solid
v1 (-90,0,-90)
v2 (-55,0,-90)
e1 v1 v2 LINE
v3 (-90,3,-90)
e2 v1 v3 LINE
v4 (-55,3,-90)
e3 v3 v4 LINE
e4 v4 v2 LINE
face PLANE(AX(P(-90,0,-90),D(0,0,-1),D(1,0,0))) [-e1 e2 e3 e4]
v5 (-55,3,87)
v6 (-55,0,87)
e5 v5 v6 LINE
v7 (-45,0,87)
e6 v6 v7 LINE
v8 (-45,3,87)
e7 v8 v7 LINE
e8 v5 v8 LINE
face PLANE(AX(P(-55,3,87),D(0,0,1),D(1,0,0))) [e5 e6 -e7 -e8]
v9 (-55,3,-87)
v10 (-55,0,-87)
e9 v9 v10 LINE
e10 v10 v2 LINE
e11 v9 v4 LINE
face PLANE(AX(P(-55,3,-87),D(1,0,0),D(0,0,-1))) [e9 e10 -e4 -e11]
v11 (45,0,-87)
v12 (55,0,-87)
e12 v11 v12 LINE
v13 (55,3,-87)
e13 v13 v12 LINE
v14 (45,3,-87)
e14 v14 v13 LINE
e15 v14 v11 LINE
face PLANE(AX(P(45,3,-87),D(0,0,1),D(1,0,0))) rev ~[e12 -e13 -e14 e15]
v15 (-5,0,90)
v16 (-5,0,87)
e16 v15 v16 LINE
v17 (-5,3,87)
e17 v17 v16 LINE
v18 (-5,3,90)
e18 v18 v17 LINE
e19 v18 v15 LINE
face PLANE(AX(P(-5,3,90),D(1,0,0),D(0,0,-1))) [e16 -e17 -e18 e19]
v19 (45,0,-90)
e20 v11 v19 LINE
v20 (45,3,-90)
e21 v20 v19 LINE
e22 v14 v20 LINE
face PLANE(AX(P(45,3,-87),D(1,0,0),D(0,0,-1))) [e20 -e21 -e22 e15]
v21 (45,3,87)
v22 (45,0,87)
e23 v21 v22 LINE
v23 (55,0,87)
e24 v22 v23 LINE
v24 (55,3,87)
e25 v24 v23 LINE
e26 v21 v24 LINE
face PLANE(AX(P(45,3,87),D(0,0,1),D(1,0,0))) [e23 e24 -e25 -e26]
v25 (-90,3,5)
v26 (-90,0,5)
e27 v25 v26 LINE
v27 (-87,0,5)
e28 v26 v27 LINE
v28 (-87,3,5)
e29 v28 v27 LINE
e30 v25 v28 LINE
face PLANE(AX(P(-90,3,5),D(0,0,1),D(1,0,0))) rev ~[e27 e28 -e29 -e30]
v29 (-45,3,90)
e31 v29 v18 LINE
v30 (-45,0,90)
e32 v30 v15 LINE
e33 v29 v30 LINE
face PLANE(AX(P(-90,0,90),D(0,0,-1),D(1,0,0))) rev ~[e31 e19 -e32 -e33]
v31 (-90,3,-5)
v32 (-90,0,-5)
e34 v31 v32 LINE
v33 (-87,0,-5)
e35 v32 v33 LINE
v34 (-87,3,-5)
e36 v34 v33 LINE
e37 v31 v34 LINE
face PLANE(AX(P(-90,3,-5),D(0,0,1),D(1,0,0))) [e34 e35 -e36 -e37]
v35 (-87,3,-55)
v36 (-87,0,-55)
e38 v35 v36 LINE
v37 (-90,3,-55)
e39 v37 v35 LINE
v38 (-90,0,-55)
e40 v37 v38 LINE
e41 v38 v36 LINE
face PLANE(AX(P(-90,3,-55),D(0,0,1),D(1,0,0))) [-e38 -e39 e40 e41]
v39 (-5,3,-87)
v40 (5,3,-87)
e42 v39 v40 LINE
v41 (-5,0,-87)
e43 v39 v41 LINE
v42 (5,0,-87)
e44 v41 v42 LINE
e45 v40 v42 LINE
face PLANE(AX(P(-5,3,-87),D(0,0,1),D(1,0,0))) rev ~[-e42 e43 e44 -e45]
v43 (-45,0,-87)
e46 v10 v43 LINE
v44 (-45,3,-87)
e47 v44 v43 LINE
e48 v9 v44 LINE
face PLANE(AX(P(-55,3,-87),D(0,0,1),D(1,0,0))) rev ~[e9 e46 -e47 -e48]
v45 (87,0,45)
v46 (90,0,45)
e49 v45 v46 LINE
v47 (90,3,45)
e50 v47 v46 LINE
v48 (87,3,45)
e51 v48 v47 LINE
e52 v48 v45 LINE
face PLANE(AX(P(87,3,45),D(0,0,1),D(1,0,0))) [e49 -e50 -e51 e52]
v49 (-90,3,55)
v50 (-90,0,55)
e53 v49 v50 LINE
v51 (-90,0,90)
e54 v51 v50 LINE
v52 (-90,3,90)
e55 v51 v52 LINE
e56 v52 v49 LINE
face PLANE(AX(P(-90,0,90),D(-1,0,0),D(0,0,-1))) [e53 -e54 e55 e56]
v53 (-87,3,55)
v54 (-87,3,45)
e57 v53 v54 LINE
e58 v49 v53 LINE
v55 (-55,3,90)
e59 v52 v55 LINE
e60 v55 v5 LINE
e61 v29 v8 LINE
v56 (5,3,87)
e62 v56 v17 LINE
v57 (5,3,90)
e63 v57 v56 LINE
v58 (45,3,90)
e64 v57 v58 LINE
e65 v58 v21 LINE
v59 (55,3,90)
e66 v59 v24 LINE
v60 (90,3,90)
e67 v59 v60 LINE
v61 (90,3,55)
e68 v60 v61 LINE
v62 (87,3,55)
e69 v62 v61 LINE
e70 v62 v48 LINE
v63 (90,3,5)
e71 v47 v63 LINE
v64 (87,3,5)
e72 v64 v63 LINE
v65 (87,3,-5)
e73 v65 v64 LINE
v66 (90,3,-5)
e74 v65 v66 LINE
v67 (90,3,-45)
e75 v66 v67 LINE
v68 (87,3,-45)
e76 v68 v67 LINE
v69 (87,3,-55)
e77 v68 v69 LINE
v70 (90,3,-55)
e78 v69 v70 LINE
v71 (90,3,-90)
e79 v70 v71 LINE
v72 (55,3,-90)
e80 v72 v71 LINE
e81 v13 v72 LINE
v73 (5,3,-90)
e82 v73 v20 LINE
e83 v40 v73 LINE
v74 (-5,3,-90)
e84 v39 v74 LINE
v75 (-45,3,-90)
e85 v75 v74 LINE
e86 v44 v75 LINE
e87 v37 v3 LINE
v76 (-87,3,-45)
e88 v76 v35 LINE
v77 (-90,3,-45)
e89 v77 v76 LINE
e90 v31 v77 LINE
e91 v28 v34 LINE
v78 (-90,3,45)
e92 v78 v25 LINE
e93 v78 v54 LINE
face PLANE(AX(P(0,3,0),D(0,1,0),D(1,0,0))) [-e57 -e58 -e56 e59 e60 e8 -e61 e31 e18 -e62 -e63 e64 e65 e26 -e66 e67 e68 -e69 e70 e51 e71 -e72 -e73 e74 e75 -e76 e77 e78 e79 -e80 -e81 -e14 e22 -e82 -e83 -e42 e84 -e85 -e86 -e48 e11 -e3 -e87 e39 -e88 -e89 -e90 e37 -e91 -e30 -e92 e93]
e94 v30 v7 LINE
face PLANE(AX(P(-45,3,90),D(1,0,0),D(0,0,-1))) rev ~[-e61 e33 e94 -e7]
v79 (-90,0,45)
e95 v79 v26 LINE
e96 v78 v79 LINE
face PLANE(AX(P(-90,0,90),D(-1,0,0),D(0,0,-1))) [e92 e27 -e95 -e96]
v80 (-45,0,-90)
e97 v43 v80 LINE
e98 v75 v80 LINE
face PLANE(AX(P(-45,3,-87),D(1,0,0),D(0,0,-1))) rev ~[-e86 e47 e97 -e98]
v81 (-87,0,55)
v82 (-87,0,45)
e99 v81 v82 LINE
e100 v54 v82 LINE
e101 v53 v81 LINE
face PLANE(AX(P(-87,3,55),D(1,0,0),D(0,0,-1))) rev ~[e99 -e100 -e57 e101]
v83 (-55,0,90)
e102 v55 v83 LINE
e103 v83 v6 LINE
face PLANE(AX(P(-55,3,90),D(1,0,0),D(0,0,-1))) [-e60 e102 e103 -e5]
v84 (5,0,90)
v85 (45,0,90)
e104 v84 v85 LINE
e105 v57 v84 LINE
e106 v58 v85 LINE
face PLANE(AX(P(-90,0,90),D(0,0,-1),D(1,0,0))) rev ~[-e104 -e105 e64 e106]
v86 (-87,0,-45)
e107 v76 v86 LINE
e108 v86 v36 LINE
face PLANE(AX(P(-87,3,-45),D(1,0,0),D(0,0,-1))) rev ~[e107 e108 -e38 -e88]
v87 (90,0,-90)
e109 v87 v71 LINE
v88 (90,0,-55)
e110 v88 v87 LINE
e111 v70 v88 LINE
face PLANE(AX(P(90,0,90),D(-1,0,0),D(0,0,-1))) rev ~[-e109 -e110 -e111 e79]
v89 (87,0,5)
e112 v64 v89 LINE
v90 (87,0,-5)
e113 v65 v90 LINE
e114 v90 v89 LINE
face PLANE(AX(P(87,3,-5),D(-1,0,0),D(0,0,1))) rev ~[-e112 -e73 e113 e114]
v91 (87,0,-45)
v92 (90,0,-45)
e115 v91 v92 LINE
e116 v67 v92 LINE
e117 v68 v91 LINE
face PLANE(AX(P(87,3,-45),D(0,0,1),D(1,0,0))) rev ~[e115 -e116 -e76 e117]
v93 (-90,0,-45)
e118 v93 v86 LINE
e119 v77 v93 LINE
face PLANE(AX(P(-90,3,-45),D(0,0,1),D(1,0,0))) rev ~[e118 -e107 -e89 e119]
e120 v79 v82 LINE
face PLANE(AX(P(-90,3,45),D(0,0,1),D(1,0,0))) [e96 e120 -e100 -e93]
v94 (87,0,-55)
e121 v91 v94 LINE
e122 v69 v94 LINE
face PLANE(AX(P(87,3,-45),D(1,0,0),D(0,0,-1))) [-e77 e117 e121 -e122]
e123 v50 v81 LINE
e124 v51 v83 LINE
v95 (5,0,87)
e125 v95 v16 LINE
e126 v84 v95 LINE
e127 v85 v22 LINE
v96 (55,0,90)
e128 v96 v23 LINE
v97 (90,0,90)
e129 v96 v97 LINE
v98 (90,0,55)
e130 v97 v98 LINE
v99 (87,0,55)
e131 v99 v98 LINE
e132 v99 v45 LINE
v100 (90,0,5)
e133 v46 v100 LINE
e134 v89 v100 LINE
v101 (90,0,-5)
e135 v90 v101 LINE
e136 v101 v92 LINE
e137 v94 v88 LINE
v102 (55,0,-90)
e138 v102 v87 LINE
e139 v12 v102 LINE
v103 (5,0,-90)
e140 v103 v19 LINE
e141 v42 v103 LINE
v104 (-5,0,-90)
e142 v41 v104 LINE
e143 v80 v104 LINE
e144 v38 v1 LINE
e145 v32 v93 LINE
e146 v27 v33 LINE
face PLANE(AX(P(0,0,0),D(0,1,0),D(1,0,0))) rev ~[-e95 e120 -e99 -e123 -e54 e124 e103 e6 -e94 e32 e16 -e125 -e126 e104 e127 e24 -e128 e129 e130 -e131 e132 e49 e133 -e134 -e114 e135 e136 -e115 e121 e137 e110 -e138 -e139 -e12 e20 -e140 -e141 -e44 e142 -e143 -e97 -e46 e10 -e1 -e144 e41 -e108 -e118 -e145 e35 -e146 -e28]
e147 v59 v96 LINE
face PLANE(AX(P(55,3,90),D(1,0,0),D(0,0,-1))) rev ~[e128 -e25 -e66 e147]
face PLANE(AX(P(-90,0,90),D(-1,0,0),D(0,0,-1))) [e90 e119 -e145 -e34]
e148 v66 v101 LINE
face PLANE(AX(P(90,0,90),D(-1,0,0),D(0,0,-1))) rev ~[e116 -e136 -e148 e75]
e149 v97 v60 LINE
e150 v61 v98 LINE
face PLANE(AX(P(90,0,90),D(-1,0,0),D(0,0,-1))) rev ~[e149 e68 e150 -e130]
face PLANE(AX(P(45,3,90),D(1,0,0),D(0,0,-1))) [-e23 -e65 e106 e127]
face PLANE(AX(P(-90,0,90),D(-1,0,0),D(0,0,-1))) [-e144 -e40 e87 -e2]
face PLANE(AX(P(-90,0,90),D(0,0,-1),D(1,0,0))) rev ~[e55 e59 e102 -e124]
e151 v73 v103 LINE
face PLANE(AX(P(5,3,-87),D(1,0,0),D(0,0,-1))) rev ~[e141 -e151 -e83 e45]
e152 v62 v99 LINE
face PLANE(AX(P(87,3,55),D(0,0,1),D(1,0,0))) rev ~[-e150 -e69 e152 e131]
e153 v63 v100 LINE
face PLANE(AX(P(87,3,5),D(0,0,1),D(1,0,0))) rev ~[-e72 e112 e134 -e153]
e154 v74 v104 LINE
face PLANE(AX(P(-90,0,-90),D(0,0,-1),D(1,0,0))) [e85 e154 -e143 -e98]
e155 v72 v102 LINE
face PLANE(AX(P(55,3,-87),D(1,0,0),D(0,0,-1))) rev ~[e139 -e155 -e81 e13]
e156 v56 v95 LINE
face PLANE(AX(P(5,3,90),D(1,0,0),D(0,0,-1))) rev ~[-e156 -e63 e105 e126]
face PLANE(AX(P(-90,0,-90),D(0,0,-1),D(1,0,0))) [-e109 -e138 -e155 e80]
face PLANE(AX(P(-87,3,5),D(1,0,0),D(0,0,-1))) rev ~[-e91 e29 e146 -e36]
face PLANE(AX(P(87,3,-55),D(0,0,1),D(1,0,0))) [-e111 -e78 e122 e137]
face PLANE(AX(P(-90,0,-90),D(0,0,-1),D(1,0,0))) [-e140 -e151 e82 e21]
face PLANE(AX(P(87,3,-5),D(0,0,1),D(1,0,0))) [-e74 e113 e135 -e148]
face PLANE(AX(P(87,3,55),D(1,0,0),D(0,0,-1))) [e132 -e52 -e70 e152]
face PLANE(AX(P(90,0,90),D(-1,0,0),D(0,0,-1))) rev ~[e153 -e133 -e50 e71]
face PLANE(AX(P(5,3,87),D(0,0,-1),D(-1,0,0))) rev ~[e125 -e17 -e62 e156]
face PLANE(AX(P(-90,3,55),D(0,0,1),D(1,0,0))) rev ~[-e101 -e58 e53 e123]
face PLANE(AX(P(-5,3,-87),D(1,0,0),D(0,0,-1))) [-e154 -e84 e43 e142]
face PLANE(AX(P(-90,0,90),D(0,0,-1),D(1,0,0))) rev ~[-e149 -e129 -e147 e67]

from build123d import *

# Parameters (mm, degrees)
SKETCH1_W           = 180
SKETCH1_H           = 180
BOSS_EXTRUDE1_DEPTH = 3
SKETCH2_W           = 5
SKETCH2_H           = 3
CUT_EXTRUDE1_DEPTH  = 3
SKETCH4_W           = 5
SKETCH4_H           = 3
CUT_EXTRUDE2_DEPTH  = 3
SKETCH5_W           = 3
SKETCH5_H           = 5
CUT_EXTRUDE3_DEPTH  = 3
SKETCH6_W           = 3
SKETCH6_H           = 5
CUT_EXTRUDE4_DEPTH  = 3
SKETCH7_W           = 10
SKETCH7_H           = 3
SKETCH7_W_2         = 3
SKETCH7_H_2         = 10
CUT_EXTRUDE5_DEPTH  = 10


with BuildPart() as part:
    # Sketch1 → Boss-Extrude1 (new body)
    with BuildSketch(Plane(origin=(0, 0, 0), x_dir=(1, 0, 0), z_dir=(0, 1, 0))):
        Rectangle(SKETCH1_W, SKETCH1_H)
    extrude(amount=BOSS_EXTRUDE1_DEPTH)

    # Sketch2 → Cut-Extrude1 (cut)
    with BuildSketch(Plane(origin=(0, 3, 0), x_dir=(1, 0, 0), z_dir=(0, 1, 0))):
        with Locations((-2.5, 88.5)):
            Rectangle(SKETCH2_W, SKETCH2_H)
        with Locations((2.5, 88.5)):
            Rectangle(SKETCH2_W, SKETCH2_H)
    extrude(amount=-CUT_EXTRUDE1_DEPTH, mode=Mode.SUBTRACT)

    # Sketch4 → Cut-Extrude2 (cut)
    with BuildSketch(Plane(origin=(0, 3, 0), x_dir=(1, 0, 0), z_dir=(0, 1, 0))):
        with Locations((-2.5, -88.5)):
            Rectangle(SKETCH4_W, SKETCH4_H)
        with Locations((2.5, -88.5)):
            Rectangle(SKETCH4_W, SKETCH4_H)
    extrude(amount=-CUT_EXTRUDE2_DEPTH, mode=Mode.SUBTRACT)

    # Sketch5 → Cut-Extrude3 (cut)
    with BuildSketch(Plane(origin=(0, 3, 0), x_dir=(1, 0, 0), z_dir=(0, 1, 0))):
        with Locations((-88.5, 2.5)):
            Rectangle(SKETCH5_W, SKETCH5_H)
        with Locations((-88.5, -2.5)):
            Rectangle(SKETCH5_W, SKETCH5_H)
    extrude(amount=-CUT_EXTRUDE3_DEPTH, mode=Mode.SUBTRACT)

    # Sketch6 → Cut-Extrude4 (cut)
    with BuildSketch(Plane(origin=(0, 3, 0), x_dir=(1, 0, 0), z_dir=(0, 1, 0))):
        with Locations((88.5, 2.5)):
            Rectangle(SKETCH6_W, SKETCH6_H)
        with Locations((88.5, -2.5)):
            Rectangle(SKETCH6_W, SKETCH6_H)
    extrude(amount=-CUT_EXTRUDE4_DEPTH, mode=Mode.SUBTRACT)

    # Sketch7 → Cut-Extrude5 (cut)
    with BuildSketch(Plane(origin=(0, 3, 0), x_dir=(1, 0, 0), z_dir=(0, 1, 0))):
        with Locations((-50, -88.5)):
            Rectangle(SKETCH7_W, SKETCH7_H)
        with Locations((50, -88.5)):
            Rectangle(SKETCH7_W, SKETCH7_H)
        with Locations((88.5, -50)):
            Rectangle(SKETCH7_W_2, SKETCH7_H_2)
        with Locations((50, 88.5)):
            Rectangle(SKETCH7_W, SKETCH7_H)
        with Locations((-88.5, -50)):
            Rectangle(SKETCH7_W_2, SKETCH7_H_2)
        with Locations((88.5, 50)):
            Rectangle(SKETCH7_W_2, SKETCH7_H_2)
        with Locations((-88.5, 50)):
            Rectangle(SKETCH7_W_2, SKETCH7_H_2)
        with Locations((-50, 88.5)):
            Rectangle(SKETCH7_W, SKETCH7_H)
    extrude(amount=-CUT_EXTRUDE5_DEPTH, mode=Mode.SUBTRACT)


solid = part.part
